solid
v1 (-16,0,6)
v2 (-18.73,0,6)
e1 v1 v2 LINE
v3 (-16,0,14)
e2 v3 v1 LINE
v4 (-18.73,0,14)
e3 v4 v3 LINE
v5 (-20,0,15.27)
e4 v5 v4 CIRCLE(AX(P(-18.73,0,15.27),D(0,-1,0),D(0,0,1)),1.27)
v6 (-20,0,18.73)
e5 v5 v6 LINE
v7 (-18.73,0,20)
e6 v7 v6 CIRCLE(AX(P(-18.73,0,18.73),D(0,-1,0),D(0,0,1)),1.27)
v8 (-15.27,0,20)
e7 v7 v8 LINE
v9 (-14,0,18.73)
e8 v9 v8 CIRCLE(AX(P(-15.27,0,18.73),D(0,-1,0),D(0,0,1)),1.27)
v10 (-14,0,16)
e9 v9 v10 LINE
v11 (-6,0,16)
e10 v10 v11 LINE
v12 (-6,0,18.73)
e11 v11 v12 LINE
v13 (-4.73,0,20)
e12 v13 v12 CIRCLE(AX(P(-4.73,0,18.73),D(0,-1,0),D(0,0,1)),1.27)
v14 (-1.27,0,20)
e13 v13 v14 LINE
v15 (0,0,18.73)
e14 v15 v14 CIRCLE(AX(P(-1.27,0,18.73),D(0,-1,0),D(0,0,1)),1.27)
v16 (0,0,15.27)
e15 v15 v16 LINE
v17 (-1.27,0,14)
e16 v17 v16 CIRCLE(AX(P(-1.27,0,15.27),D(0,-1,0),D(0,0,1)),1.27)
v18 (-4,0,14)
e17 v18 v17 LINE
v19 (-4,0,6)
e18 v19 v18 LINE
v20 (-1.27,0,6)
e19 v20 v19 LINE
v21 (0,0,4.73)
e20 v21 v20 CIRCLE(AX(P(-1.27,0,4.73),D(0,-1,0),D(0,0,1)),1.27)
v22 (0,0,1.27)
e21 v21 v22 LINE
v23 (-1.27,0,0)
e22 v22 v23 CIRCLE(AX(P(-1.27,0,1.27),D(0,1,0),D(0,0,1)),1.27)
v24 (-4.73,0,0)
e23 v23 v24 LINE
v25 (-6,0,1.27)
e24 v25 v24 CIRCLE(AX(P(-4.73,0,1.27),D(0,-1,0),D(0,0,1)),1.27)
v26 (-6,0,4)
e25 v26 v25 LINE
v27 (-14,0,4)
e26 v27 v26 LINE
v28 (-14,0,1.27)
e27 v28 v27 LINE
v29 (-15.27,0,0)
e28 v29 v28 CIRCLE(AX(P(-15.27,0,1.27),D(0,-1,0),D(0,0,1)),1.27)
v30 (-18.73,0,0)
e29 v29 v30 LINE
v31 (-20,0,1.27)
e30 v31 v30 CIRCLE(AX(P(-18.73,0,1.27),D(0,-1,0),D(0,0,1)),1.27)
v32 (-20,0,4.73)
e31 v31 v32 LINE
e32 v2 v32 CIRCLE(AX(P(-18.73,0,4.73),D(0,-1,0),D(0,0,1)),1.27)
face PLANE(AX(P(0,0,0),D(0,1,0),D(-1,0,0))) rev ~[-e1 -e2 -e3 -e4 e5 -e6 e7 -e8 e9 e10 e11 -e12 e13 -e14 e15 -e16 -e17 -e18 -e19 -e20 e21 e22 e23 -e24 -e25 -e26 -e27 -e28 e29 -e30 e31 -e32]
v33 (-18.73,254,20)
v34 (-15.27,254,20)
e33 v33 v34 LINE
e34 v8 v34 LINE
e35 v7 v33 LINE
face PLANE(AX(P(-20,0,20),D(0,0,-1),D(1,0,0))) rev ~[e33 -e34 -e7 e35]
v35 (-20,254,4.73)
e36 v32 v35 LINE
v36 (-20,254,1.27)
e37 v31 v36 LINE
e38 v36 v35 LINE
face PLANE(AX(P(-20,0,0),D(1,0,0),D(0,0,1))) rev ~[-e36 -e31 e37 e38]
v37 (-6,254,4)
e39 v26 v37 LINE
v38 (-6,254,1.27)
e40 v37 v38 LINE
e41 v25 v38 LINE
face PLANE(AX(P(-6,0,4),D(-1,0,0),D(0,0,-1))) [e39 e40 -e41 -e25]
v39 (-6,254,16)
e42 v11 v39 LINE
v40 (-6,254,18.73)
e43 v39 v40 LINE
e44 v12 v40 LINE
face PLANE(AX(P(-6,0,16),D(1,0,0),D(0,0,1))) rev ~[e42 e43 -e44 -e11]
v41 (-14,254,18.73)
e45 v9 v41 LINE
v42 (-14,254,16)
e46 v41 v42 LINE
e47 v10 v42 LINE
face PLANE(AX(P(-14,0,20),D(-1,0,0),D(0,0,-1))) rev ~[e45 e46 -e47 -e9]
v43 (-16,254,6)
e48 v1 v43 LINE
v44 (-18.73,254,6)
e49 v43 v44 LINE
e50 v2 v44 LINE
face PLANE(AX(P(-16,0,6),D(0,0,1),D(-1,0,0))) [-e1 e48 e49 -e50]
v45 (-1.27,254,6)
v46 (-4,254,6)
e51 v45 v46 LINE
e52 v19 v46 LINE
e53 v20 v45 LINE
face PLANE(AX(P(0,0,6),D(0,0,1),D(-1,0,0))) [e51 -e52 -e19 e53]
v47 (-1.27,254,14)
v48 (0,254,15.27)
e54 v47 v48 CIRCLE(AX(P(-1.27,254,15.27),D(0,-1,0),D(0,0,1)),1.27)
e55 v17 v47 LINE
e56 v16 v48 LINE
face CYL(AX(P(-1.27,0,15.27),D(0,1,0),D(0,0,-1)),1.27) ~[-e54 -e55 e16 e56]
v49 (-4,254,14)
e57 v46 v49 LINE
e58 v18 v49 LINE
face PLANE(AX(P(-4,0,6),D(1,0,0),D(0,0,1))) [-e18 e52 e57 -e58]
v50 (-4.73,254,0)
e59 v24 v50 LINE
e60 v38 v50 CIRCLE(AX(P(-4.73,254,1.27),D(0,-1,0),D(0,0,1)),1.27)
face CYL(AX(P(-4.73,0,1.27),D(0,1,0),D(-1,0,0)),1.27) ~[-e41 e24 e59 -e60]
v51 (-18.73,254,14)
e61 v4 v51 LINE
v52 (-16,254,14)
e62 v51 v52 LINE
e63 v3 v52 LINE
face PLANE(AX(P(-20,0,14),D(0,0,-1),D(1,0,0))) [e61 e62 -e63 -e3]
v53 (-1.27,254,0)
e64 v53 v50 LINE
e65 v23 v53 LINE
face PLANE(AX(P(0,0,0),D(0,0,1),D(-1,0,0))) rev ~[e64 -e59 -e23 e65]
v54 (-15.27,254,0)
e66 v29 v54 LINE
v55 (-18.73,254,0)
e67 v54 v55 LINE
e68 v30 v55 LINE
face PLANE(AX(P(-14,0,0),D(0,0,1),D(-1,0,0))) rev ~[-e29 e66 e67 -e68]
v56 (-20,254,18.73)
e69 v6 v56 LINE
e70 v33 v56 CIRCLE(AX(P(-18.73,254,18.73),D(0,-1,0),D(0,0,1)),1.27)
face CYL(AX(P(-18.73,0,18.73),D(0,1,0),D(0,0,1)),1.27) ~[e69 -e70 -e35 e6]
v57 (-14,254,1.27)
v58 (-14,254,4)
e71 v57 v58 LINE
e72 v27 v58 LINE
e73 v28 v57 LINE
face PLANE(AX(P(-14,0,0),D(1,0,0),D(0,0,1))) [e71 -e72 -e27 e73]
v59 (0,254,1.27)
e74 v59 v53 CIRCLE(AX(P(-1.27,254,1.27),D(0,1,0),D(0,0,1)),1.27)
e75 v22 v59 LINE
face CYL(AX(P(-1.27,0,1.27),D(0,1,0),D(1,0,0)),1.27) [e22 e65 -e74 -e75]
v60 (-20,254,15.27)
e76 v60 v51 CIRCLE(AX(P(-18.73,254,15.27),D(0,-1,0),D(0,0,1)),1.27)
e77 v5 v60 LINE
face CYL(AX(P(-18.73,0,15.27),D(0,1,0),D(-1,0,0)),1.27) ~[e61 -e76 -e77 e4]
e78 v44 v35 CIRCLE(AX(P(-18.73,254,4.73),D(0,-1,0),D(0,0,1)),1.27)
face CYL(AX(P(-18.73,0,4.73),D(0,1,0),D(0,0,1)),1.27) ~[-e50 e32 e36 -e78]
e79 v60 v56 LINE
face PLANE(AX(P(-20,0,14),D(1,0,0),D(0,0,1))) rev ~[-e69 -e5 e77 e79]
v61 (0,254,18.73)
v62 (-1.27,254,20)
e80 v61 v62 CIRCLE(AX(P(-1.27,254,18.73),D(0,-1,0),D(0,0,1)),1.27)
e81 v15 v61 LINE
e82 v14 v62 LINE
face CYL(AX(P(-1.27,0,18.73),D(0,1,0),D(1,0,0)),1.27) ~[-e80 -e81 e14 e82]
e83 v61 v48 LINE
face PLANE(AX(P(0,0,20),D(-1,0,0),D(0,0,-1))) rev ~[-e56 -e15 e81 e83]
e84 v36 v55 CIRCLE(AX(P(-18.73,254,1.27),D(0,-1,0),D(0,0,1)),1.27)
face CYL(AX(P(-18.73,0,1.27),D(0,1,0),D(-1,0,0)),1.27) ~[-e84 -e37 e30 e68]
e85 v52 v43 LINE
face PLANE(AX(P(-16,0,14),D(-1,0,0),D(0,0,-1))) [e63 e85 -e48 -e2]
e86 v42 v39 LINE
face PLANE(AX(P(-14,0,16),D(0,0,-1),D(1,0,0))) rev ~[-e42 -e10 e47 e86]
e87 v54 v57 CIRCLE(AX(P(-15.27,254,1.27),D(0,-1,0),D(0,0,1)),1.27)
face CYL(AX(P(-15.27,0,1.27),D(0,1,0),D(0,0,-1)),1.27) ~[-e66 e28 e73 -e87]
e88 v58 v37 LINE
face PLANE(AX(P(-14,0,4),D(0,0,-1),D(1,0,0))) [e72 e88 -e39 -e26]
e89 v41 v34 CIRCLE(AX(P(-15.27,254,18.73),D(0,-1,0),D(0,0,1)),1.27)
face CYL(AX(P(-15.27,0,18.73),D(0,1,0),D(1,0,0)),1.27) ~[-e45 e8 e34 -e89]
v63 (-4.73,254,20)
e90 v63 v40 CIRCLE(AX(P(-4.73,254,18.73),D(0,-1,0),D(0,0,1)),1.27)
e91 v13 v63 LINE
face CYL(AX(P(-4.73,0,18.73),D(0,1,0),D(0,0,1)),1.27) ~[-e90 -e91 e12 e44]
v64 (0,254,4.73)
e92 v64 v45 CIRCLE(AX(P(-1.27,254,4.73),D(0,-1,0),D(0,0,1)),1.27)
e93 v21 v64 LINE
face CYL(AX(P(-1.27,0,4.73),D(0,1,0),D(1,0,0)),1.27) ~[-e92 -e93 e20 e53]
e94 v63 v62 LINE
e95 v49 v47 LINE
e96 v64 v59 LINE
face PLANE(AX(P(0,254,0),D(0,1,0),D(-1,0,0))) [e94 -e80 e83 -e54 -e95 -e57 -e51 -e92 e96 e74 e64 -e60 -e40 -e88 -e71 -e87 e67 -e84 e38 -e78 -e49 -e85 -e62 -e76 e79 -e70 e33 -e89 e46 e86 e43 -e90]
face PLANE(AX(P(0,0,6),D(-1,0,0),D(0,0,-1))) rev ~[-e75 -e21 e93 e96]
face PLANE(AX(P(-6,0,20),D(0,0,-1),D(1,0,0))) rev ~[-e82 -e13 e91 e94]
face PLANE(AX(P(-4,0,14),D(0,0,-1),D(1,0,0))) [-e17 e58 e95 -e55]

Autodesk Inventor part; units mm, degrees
ref_plane "YZ Plane" through (0, 0, 0) normal (1, 0, 0) x (0, 1, 0)
ref_plane "XZ Plane" through (0, 0, 0) normal (0, 1, 0) x (-1, 0, 0)
sketch "Sketch1" plane through (0, 0, 0) normal (0, 1, 0) x (-1, 0, 0)
  line L0 (0, 0) -> (20, 0)
  line L1 (20, 0) -> (20, 20)
  line L2 (20, 20) -> (0, 20)
  line L3 (0, 20) -> (0, 0)
  line L4 (6, 0) -> (14, 0)
  line L5 (14, 0) -> (14, 4)
  line L6 (14, 4) -> (6, 4)
  line L7 (6, 4) -> (6, 0)
  line L8 (0, 6) -> (4, 6)
  line L9 (4, 6) -> (4, 14)
  line L10 (4, 14) -> (0, 14)
  line L11 (0, 14) -> (0, 6)
  line L12 (6, 20) -> (14, 20)
  line L13 (14, 20) -> (14, 16)
  line L14 (14, 16) -> (6, 16)
  line L15 (6, 16) -> (6, 20)
  line L16 (20, 14) -> (16, 14)
  line L17 (16, 14) -> (16, 6)
  line L18 (16, 6) -> (20, 6)
  line L19 (20, 6) -> (20, 14)
  dimension "d0" = 20
  dimension "d1" = 20
  dimension "d2" = 8
  dimension "d3" = 6
  dimension "d4" = 8
  dimension "d5" = 6
  dimension "d6" = 4
  dimension "d7" = 4
  dimension "d8" = 4
  dimension "d9" = 4
extrude "Extrusion1" add sketch "Sketch1" along normal blind 254 contours L3 L8 L9 L10 L2 L15 L14 L13 L1 L16 L17 L18 L0 L5 L6 L7
fillet "Fillet1" radius 1.27 12 edges at (0, 127, 20) (0, 127, 14) (-6, 127, 20) (-14, 127, 20) (-20, 127, 20) (-20, 127, 14) (0, 127, 6) (0, 127, 0) (-6, 127, 0) (-14, 127, 0) (-20, 127, 0) (-20, 127, 6)
ref_plane "Work Plane1" through (-4.73, 0, 10) normal (0, 0, 1) x (1, 0, 0)
properties part number "20x20extrusionshort" material "Aluminum 6061"
